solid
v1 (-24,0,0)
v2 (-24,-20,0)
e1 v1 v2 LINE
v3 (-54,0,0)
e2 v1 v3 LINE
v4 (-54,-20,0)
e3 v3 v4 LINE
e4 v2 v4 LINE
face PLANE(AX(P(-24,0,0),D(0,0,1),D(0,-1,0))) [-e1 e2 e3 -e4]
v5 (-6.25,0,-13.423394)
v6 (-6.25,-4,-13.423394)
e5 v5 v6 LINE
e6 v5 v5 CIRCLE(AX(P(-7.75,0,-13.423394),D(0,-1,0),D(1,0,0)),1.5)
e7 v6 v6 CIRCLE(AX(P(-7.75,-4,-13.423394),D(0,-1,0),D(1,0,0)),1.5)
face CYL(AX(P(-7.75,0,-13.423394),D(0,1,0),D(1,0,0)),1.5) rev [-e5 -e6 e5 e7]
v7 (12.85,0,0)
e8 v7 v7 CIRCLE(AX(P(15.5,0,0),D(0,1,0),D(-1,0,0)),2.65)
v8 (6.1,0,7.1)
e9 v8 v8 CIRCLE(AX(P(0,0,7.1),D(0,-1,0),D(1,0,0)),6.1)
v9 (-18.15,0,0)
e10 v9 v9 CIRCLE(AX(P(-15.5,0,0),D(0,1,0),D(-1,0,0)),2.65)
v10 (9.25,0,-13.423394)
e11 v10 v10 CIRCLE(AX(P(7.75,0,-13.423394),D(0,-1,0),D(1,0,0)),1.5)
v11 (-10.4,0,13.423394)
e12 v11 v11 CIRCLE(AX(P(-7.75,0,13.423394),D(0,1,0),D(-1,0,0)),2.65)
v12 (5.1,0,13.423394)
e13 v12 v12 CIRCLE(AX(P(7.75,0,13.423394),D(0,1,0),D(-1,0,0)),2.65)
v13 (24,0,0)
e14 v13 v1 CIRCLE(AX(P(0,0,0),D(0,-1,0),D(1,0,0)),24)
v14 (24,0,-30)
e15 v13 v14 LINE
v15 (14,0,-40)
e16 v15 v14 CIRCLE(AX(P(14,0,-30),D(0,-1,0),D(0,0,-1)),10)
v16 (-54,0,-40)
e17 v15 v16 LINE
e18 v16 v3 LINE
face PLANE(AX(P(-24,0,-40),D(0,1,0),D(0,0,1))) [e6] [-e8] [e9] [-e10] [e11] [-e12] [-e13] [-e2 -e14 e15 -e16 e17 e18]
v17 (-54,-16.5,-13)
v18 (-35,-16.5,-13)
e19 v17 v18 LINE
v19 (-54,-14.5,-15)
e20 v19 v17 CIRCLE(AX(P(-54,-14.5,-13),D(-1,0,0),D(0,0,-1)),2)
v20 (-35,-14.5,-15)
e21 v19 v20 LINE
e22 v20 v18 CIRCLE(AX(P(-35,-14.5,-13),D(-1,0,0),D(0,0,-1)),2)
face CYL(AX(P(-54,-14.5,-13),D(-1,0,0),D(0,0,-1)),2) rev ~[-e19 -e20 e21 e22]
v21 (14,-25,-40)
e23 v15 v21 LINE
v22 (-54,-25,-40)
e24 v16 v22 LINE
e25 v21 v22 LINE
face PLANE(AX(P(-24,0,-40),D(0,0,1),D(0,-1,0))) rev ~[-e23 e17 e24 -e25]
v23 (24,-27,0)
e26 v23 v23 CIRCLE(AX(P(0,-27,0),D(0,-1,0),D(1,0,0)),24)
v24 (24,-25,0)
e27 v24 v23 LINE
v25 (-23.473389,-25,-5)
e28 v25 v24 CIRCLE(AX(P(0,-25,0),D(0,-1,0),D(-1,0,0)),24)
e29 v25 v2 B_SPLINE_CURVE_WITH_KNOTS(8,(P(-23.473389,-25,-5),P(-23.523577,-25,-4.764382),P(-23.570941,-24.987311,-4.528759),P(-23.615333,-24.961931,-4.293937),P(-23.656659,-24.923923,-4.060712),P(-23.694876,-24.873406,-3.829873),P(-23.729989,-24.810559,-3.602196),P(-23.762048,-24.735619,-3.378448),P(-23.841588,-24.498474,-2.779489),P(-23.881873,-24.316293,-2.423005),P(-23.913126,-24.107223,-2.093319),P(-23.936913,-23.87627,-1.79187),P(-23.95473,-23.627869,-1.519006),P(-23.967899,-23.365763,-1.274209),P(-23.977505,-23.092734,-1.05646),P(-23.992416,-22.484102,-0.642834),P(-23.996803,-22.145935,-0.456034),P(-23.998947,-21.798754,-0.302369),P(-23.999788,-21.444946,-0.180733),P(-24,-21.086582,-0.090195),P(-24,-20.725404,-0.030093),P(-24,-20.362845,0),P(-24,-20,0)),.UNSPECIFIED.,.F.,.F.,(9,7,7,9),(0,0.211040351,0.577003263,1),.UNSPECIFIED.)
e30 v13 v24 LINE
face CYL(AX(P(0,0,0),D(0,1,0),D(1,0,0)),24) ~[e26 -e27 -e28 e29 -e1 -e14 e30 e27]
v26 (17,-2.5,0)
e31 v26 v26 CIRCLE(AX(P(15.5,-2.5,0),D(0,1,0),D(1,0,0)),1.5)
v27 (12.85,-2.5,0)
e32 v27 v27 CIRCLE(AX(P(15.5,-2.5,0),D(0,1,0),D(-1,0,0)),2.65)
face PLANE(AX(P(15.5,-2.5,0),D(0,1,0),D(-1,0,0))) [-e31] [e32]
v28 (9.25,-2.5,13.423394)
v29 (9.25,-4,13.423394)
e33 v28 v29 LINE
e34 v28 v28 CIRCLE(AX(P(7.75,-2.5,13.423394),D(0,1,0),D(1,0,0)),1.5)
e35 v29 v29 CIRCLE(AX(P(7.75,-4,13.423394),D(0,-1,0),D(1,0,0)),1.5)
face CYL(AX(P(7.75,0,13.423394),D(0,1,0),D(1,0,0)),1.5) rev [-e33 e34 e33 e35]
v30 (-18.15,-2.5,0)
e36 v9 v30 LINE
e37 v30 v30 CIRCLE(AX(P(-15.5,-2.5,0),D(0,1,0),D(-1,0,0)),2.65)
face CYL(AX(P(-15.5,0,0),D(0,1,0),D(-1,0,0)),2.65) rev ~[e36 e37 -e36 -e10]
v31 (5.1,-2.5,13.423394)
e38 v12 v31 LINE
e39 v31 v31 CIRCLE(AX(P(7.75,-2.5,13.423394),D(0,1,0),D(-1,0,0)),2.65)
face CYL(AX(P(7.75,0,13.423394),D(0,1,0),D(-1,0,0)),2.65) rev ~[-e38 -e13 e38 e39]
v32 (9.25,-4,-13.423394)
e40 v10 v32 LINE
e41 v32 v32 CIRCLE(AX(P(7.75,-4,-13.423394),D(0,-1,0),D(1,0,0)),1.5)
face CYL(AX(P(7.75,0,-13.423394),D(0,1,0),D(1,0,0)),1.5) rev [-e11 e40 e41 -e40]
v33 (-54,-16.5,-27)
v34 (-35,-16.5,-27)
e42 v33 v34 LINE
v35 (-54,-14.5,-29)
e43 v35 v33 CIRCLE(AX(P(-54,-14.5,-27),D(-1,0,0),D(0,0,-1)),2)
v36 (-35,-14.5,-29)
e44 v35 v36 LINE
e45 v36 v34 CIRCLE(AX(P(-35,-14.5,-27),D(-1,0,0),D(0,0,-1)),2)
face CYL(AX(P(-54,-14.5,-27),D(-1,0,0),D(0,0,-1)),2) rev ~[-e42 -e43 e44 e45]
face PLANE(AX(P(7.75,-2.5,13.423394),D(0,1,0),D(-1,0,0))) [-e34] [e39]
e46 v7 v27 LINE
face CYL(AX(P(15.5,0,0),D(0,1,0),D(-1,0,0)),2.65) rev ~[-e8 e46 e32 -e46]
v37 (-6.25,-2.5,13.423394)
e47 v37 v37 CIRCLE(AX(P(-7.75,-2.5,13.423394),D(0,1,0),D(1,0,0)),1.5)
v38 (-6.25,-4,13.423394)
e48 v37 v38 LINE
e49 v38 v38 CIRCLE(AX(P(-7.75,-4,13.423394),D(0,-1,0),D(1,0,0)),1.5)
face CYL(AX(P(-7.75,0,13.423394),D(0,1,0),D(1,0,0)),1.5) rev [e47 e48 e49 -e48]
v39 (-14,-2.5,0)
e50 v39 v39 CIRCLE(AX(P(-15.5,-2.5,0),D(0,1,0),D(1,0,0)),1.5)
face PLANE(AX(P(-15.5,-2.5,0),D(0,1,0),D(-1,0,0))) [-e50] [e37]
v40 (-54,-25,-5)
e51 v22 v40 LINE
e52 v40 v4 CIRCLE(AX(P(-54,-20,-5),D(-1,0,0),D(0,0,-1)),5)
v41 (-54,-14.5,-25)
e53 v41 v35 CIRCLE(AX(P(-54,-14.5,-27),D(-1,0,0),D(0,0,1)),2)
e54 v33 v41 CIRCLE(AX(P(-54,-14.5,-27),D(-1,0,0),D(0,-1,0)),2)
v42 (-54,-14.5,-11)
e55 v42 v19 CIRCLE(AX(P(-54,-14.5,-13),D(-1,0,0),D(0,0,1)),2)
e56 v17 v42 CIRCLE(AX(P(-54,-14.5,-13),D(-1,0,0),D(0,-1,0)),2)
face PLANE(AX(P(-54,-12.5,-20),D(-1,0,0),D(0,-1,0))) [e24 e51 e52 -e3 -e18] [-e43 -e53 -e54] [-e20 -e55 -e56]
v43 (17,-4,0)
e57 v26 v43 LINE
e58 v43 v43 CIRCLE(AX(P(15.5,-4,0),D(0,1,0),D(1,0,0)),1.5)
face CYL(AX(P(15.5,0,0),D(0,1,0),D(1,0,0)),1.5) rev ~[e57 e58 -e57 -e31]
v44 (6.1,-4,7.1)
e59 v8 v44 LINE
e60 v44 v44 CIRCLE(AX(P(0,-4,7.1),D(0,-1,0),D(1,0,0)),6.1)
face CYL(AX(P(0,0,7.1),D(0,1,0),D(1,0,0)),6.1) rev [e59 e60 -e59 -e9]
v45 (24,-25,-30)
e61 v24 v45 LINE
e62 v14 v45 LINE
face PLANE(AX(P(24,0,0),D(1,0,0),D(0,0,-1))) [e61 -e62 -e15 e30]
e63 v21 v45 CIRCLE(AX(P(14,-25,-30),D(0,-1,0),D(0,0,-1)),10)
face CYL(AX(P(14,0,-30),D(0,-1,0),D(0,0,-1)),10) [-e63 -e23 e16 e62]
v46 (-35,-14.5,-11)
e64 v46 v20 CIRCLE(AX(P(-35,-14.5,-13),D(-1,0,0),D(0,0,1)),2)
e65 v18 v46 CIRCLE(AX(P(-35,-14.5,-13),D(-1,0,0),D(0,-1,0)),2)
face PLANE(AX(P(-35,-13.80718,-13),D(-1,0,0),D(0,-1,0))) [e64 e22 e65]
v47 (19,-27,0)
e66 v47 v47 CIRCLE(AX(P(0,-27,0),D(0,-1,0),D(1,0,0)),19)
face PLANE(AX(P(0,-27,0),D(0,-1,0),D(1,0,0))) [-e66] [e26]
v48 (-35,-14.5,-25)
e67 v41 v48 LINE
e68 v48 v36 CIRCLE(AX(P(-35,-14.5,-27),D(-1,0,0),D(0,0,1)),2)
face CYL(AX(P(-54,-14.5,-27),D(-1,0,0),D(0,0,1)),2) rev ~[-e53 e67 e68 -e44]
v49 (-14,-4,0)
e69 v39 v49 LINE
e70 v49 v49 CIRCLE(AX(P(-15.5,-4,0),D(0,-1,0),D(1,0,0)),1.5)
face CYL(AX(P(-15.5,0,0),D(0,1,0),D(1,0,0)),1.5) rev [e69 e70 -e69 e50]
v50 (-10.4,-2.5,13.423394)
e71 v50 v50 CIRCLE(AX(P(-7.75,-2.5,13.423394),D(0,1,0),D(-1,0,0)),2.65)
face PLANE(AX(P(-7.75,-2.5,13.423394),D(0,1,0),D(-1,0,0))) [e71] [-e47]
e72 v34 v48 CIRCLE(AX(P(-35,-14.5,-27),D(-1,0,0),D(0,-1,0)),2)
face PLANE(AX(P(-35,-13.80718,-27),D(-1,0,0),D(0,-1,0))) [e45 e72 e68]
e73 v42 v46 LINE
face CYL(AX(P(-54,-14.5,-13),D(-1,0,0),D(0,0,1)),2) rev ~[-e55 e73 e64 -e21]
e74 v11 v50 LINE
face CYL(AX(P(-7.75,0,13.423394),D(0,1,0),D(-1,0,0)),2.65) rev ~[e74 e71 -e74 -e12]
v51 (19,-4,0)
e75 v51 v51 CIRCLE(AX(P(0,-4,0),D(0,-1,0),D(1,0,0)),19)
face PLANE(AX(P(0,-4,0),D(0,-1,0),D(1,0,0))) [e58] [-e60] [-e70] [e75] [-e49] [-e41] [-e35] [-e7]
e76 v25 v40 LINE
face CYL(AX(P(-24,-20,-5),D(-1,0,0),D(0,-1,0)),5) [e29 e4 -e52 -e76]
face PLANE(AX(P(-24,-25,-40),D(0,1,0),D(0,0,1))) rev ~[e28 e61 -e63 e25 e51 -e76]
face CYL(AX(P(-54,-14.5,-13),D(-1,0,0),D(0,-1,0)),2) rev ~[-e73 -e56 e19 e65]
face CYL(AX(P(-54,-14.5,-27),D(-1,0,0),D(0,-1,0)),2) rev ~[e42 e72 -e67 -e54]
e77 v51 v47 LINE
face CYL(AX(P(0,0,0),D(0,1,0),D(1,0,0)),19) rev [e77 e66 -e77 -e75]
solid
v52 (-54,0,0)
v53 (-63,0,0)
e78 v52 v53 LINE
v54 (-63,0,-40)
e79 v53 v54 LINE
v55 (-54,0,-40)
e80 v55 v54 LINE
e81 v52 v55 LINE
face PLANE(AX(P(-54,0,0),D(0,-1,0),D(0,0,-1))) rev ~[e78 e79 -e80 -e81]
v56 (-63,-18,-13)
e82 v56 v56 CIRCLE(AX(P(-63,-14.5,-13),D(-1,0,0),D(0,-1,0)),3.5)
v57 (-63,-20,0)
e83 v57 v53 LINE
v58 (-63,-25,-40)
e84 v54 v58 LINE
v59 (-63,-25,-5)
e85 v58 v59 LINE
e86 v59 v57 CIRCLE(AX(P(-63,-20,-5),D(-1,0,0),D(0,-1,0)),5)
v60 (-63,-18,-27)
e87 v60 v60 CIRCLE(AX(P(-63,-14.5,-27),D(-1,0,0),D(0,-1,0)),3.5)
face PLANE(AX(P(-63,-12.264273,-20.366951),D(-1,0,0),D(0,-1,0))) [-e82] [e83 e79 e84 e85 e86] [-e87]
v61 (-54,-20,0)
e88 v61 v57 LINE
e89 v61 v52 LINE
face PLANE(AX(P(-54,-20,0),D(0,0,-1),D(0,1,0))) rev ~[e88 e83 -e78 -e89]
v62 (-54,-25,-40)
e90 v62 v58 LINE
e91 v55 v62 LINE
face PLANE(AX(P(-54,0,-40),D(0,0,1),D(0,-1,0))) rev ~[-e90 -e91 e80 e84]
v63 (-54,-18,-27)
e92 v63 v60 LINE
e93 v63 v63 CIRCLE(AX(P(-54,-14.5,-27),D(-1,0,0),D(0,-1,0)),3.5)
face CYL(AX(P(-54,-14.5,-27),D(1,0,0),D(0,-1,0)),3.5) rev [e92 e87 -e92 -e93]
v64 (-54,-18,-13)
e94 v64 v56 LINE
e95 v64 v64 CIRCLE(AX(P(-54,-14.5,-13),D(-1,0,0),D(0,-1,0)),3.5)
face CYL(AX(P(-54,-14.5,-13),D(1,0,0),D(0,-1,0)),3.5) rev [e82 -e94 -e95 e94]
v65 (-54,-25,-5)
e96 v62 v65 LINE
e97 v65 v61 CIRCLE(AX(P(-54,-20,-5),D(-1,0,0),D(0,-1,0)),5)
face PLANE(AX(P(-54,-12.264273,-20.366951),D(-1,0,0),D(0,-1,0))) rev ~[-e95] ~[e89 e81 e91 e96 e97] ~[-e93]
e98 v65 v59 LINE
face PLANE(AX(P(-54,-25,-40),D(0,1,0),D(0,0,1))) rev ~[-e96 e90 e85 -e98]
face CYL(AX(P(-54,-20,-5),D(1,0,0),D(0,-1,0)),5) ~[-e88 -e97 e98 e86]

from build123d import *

# Parameters (mm, degrees)
F0_R      = 19
F0_R_2    = 1.5
F0_R_3    = 6.1
F1_DEPTH  = 4
F2_R      = 24
F2_R_2    = 19
F3_DEPTH  = 27
F5_DEPTH  = 25
F6_R      = 2.65
F7_DEPTH  = 2.5
F8_W      = 25
F8_H      = 40
F9_DEPTH  = 30
F10_R     = 5
F11_R     = 10
F13_DEPTH = 19
F14_R     = 3.5
F15_DEPTH = 9


with BuildPart() as f1:
    # F0 (on Front) → F1 (new body)
    with BuildSketch(Plane.XZ):
        Circle(F0_R)
        with Locations((-7.75, -13.4233937587)):
            Circle(F0_R_2, mode=Mode.SUBTRACT)
        with Locations((7.75, -13.4233937587)):
            Circle(F0_R_2, mode=Mode.SUBTRACT)
        with Locations((-15.5, 0)):
            Circle(F0_R_2, mode=Mode.SUBTRACT)
        with Locations((-7.75, 13.4233937587)):
            Circle(F0_R_2, mode=Mode.SUBTRACT)
        with Locations((0, 7.1)):
            Circle(F0_R_3, mode=Mode.SUBTRACT)
        with BuildLine():
            ThreePointArc((14, 0), (15.5, 1.5), (17, 0))
            ThreePointArc((17, 0), (15.5, -1.5), (14, 0))
        make_face(mode=Mode.SUBTRACT)
        with Locations((7.75, 13.4233937587)):
            Circle(F0_R_2, mode=Mode.SUBTRACT)
    extrude(amount=F1_DEPTH)

    # F2 (on Front) → F3 (join)
    with BuildSketch(Plane.XZ):
        Circle(F2_R)
        Circle(F2_R_2, mode=Mode.SUBTRACT)
    extrude(amount=F3_DEPTH)

    # F4 (on face) → F5 (join)
    with BuildSketch(Plane(origin=(0, 0, 0), x_dir=(-1, 0, 0), z_dir=(0, 1, 0))):
        with BuildLine():
            Line((24, -40), (24, 0))
            ThreePointArc((24, 0), (0, -24), (-24, 0))
            Line((-24, 0), (-24, -40))
            Line((-24, -40), (0, -40))
            Line((0, -40), (24, -40))
        make_face()
    extrude(amount=-F5_DEPTH)

    # F6 (on face) → F7 (cut)
    with BuildSketch(Plane(origin=(0, 0, 0), x_dir=(-1, 0, 0), z_dir=(0, 1, 0))):
        with Locations((-7.75, 13.4233937587)):
            Circle(F6_R)
        with Locations((7.75, 13.4233937587)):
            Circle(F6_R)
        with Locations((-15.5, 0)):
            Circle(F6_R)
        with Locations((15.5, 0)):
            Circle(F6_R)
    extrude(amount=-F7_DEPTH, mode=Mode.SUBTRACT)

    # F8 (on face) → F9 (join)
    with BuildSketch(Plane(origin=(-24, 0, 0), x_dir=(0, -1, 0), z_dir=(-1, 0, 0))):
        with Locations((12.5, -20)):
            Rectangle(F8_W, F8_H)
    extrude(amount=F9_DEPTH)

    # F10
    f10_edges = [f1.edges().sort_by_distance(p)[0] for p in [
        (-39, -25, 0),
    ]]
    fillet(f10_edges, radius=F10_R)

    # F11
    f11_edges = [f1.edges().sort_by_distance(p)[0] for p in [
        (24, -12.5, -40),
    ]]
    fillet(f11_edges, radius=F11_R)

    # F12 (on face) → F13 (cut)
    with BuildSketch(Plane(origin=(-54, 0, 0), x_dir=(0, -1, 0), z_dir=(-1, 0, 0))):
        with BuildLine():
            ThreePointArc((14.5, -25), (12.5, -27), (14.5, -29))
            Line((14.5, -29), (14.5, -27))
            Line((14.5, -27), (14.5, -25))
        make_face()
        with BuildLine():
            ThreePointArc((14.5, -11), (12.5, -13), (14.5, -15))
            Line((14.5, -15), (14.5, -13))
            Line((14.5, -13), (14.5, -11))
        make_face()
        with BuildLine():
            Line((14.5, -13), (14.5, -15))
            ThreePointArc((14.5, -15), (15.9142135624, -14.4142135624), (16.5, -13))
            ThreePointArc((16.5, -13), (15.9142135624, -11.5857864376), (14.5, -11))
            Line((14.5, -11), (14.5, -13))
        make_face()
        with BuildLine():
            Line((14.5, -27), (14.5, -29))
            ThreePointArc((14.5, -29), (15.9142135624, -28.4142135624), (16.5, -27))
            ThreePointArc((16.5, -27), (15.9142135624, -25.5857864376), (14.5, -25))
            Line((14.5, -25), (14.5, -27))
        make_face()
    extrude(amount=-F13_DEPTH, mode=Mode.SUBTRACT)


with BuildPart() as f15:
    # F14 (on face) → F15 (new body)
    with BuildSketch(Plane(origin=(-54, 0, 0), x_dir=(0, -1, 0), z_dir=(-1, 0, 0))):
        with BuildLine():
            Line((20, 0), (0, 0))
            Line((0, 0), (0, -40))
            Line((0, -40), (25, -40))
            Line((25, -40), (25, -5))
            ThreePointArc((25, -5), (23.5355339059, -1.4644660941), (20, 0))
        make_face()
        with Locations((14.5, -27)):
            Circle(F14_R, mode=Mode.SUBTRACT)
        with Locations((14.5, -13)):
            Circle(F14_R, mode=Mode.SUBTRACT)
    extrude(amount=F15_DEPTH)


solid = Compound([f1.part, f15.part])
